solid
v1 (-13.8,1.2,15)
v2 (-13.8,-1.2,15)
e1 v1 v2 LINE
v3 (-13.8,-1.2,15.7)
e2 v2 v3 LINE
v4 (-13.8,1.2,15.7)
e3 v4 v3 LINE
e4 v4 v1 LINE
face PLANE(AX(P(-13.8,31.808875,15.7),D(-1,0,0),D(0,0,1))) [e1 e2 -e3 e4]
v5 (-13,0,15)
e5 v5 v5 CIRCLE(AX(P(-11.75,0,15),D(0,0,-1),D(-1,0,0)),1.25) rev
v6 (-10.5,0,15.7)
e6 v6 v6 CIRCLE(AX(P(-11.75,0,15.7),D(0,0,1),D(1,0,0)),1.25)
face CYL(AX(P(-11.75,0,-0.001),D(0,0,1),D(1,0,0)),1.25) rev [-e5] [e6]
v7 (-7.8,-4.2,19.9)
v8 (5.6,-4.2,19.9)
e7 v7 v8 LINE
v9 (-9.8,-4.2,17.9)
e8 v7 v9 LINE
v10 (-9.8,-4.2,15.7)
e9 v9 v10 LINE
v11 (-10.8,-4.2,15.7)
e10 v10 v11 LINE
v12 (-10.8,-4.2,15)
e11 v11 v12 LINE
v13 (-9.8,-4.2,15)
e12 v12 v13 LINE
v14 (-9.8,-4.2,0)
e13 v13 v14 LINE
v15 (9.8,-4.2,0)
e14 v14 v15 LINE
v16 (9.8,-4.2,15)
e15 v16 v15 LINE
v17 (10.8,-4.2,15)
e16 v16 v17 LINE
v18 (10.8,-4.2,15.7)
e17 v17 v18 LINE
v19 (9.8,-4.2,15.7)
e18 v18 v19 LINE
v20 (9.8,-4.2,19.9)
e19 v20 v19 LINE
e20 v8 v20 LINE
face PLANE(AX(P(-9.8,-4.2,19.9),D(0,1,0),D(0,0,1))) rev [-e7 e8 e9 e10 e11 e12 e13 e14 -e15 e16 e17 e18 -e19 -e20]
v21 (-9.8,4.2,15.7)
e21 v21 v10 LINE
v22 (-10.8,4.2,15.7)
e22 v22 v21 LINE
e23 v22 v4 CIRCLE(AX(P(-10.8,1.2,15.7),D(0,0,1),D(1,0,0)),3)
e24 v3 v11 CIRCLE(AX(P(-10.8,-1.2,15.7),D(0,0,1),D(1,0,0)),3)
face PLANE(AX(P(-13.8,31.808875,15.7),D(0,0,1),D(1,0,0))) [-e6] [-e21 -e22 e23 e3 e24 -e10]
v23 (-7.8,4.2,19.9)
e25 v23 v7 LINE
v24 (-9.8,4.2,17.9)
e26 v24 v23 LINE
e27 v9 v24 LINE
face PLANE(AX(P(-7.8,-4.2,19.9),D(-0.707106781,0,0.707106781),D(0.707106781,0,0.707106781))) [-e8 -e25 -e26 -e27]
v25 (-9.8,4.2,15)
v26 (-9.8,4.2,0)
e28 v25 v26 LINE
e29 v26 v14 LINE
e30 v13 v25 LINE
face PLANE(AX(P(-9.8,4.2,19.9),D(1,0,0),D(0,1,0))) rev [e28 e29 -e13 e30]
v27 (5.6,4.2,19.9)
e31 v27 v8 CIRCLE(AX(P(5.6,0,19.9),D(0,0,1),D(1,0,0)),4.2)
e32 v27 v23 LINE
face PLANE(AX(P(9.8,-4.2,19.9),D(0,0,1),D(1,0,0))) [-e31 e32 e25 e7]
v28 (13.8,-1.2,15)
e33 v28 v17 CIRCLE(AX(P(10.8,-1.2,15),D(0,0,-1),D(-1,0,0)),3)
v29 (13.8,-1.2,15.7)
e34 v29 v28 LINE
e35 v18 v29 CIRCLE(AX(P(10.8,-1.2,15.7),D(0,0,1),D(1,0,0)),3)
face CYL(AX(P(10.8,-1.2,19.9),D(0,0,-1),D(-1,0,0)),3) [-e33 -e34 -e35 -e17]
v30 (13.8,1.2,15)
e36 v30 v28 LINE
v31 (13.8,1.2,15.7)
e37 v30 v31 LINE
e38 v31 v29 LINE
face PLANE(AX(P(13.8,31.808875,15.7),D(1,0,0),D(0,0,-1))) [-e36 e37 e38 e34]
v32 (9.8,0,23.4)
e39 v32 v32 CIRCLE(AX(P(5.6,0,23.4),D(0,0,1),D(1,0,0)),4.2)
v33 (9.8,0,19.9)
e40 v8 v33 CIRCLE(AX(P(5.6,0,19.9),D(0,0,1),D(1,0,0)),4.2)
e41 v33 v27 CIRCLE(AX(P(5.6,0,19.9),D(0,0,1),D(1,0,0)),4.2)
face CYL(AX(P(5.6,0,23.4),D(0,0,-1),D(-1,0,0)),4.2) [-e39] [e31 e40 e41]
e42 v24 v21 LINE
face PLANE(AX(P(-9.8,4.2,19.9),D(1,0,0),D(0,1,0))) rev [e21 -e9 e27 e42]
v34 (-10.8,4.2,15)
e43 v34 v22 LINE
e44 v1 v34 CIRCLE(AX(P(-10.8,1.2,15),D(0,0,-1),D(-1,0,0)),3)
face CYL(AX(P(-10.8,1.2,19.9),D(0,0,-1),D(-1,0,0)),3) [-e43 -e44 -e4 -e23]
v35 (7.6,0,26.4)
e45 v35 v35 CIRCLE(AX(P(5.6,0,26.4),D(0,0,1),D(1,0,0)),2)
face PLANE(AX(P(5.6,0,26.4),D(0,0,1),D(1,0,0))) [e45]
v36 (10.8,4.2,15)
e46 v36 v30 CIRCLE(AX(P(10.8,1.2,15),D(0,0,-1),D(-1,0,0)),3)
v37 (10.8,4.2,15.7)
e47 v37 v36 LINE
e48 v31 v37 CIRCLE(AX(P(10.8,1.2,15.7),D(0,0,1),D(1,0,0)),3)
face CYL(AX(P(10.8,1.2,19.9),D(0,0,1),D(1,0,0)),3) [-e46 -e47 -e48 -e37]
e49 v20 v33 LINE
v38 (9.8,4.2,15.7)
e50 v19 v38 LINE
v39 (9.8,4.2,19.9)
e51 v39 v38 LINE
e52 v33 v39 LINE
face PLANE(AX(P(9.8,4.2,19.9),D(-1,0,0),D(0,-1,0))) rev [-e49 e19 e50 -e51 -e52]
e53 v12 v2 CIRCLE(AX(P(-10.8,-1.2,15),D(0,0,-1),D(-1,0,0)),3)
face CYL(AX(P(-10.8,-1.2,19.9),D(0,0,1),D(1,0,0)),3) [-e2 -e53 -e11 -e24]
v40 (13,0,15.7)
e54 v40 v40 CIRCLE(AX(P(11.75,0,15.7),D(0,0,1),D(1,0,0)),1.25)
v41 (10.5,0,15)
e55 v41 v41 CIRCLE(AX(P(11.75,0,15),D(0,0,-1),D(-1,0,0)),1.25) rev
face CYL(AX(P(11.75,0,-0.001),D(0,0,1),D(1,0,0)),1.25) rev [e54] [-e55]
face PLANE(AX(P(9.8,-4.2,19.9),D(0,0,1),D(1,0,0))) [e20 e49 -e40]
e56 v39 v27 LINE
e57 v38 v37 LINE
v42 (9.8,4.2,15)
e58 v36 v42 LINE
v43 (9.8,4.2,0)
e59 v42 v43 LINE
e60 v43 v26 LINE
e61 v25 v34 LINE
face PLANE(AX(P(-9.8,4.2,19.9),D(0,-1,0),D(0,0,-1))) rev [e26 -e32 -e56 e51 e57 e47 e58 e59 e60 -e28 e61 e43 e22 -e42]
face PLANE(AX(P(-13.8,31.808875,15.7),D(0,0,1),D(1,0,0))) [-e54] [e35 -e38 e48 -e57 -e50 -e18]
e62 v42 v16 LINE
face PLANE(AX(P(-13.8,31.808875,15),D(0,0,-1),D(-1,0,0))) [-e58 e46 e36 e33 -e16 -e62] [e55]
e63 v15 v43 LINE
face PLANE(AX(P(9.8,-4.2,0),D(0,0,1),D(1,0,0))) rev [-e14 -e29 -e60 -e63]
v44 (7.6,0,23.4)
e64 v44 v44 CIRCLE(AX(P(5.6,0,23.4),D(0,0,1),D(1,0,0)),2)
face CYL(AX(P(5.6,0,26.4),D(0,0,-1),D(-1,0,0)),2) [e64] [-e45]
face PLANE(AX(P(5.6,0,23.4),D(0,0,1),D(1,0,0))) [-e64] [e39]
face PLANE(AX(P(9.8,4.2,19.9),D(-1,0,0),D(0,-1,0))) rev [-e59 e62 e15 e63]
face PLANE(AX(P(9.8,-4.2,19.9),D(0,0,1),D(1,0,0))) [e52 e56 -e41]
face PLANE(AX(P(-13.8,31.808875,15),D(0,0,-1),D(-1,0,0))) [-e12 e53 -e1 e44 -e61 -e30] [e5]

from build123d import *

# Parameters (mm, degrees)
SKETCH_1_W          = 19.6
SKETCH_1_H          = 8.4
EXTRUDE_1_DEPTH     = 19.9
CHAMFER_1_SIZE      = 2
SKETCH_2_W          = 27.6
SKETCH_2_H          = 0.7
EXTRUDE_2_DEPTH     = 8.4
FILLET_1_R          = 3
CUT_EXTRUDE_1_REACH = 23.321
SKETCH_3_R          = 1.25
SKETCH_4_R          = 4.2
EXTRUDE_3_DEPTH     = 3.5
SKETCH_5_R          = 2
EXTRUDE_4_DEPTH     = 3


with BuildPart() as part:
    # 草圖1 → 填料-伸長1 (new body)
    with BuildSketch(Plane.XY):
        Rectangle(SKETCH_1_W, SKETCH_1_H)
    extrude(amount=EXTRUDE_1_DEPTH)

    # 導角1
    chamfer_1_edges = [part.edges().sort_by_distance(p)[0] for p in [
        (-9.8, 0, 19.9),
    ]]
    chamfer(chamfer_1_edges, length=CHAMFER_1_SIZE)

    # 草圖2 → 填料-伸長2 (add)
    with BuildSketch(Plane.XZ.offset(4.2)):
        with Locations((0, 15.35)):
            Rectangle(SKETCH_2_W, SKETCH_2_H)
    extrude(amount=-EXTRUDE_2_DEPTH)

    # 圓角1
    fillet_1_edges = [part.edges().sort_by_distance(p)[0] for p in [
        (13.8, -4.2, 15.35),
        (-13.8, -4.2, 15.35),
        (13.8, 4.2, 15.35),
        (-13.8, 4.2, 15.35),
    ]]
    fillet(fillet_1_edges, radius=FILLET_1_R)

    # 草圖3 → 除料-伸長1 (cut, up to next)
    with BuildSketch(Plane.XY.offset(15.7), mode=Mode.PRIVATE) as cut_extrude_1_sk1:
        with Locations((-11.75, 0)):
            Circle(SKETCH_3_R)
    cut_extrude_1_tool1 = extrude(cut_extrude_1_sk1.sketch, amount=-CUT_EXTRUDE_1_REACH, mode=Mode.PRIVATE) & part.part
    # 草圖3 → 除料-伸長1 (cut, up to next)
    with BuildSketch(Plane.XY.offset(15.7), mode=Mode.PRIVATE) as cut_extrude_1_sk2:
        with Locations((11.75, 0)):
            Circle(SKETCH_3_R)
    cut_extrude_1_tool2 = extrude(cut_extrude_1_sk2.sketch, amount=-CUT_EXTRUDE_1_REACH, mode=Mode.PRIVATE) & part.part
    add(cut_extrude_1_tool1.solids().sort_by_distance((-11.75, 0, 15.7))[0], mode=Mode.SUBTRACT)
    add(cut_extrude_1_tool2.solids().sort_by_distance((11.75, 0, 15.7))[0], mode=Mode.SUBTRACT)

    # 草圖4 → 填料-伸長3 (add)
    with BuildSketch(Plane.XY.offset(19.9)):
        with Locations((5.6, 0)):
            Circle(SKETCH_4_R)
    extrude(amount=EXTRUDE_3_DEPTH)

    # 草圖5 → 填料-伸長4 (add)
    with BuildSketch(Plane.XY.offset(23.4)):
        with Locations((5.6, 0)):
            Circle(SKETCH_5_R)
    extrude(amount=EXTRUDE_4_DEPTH)


solid = part.part
